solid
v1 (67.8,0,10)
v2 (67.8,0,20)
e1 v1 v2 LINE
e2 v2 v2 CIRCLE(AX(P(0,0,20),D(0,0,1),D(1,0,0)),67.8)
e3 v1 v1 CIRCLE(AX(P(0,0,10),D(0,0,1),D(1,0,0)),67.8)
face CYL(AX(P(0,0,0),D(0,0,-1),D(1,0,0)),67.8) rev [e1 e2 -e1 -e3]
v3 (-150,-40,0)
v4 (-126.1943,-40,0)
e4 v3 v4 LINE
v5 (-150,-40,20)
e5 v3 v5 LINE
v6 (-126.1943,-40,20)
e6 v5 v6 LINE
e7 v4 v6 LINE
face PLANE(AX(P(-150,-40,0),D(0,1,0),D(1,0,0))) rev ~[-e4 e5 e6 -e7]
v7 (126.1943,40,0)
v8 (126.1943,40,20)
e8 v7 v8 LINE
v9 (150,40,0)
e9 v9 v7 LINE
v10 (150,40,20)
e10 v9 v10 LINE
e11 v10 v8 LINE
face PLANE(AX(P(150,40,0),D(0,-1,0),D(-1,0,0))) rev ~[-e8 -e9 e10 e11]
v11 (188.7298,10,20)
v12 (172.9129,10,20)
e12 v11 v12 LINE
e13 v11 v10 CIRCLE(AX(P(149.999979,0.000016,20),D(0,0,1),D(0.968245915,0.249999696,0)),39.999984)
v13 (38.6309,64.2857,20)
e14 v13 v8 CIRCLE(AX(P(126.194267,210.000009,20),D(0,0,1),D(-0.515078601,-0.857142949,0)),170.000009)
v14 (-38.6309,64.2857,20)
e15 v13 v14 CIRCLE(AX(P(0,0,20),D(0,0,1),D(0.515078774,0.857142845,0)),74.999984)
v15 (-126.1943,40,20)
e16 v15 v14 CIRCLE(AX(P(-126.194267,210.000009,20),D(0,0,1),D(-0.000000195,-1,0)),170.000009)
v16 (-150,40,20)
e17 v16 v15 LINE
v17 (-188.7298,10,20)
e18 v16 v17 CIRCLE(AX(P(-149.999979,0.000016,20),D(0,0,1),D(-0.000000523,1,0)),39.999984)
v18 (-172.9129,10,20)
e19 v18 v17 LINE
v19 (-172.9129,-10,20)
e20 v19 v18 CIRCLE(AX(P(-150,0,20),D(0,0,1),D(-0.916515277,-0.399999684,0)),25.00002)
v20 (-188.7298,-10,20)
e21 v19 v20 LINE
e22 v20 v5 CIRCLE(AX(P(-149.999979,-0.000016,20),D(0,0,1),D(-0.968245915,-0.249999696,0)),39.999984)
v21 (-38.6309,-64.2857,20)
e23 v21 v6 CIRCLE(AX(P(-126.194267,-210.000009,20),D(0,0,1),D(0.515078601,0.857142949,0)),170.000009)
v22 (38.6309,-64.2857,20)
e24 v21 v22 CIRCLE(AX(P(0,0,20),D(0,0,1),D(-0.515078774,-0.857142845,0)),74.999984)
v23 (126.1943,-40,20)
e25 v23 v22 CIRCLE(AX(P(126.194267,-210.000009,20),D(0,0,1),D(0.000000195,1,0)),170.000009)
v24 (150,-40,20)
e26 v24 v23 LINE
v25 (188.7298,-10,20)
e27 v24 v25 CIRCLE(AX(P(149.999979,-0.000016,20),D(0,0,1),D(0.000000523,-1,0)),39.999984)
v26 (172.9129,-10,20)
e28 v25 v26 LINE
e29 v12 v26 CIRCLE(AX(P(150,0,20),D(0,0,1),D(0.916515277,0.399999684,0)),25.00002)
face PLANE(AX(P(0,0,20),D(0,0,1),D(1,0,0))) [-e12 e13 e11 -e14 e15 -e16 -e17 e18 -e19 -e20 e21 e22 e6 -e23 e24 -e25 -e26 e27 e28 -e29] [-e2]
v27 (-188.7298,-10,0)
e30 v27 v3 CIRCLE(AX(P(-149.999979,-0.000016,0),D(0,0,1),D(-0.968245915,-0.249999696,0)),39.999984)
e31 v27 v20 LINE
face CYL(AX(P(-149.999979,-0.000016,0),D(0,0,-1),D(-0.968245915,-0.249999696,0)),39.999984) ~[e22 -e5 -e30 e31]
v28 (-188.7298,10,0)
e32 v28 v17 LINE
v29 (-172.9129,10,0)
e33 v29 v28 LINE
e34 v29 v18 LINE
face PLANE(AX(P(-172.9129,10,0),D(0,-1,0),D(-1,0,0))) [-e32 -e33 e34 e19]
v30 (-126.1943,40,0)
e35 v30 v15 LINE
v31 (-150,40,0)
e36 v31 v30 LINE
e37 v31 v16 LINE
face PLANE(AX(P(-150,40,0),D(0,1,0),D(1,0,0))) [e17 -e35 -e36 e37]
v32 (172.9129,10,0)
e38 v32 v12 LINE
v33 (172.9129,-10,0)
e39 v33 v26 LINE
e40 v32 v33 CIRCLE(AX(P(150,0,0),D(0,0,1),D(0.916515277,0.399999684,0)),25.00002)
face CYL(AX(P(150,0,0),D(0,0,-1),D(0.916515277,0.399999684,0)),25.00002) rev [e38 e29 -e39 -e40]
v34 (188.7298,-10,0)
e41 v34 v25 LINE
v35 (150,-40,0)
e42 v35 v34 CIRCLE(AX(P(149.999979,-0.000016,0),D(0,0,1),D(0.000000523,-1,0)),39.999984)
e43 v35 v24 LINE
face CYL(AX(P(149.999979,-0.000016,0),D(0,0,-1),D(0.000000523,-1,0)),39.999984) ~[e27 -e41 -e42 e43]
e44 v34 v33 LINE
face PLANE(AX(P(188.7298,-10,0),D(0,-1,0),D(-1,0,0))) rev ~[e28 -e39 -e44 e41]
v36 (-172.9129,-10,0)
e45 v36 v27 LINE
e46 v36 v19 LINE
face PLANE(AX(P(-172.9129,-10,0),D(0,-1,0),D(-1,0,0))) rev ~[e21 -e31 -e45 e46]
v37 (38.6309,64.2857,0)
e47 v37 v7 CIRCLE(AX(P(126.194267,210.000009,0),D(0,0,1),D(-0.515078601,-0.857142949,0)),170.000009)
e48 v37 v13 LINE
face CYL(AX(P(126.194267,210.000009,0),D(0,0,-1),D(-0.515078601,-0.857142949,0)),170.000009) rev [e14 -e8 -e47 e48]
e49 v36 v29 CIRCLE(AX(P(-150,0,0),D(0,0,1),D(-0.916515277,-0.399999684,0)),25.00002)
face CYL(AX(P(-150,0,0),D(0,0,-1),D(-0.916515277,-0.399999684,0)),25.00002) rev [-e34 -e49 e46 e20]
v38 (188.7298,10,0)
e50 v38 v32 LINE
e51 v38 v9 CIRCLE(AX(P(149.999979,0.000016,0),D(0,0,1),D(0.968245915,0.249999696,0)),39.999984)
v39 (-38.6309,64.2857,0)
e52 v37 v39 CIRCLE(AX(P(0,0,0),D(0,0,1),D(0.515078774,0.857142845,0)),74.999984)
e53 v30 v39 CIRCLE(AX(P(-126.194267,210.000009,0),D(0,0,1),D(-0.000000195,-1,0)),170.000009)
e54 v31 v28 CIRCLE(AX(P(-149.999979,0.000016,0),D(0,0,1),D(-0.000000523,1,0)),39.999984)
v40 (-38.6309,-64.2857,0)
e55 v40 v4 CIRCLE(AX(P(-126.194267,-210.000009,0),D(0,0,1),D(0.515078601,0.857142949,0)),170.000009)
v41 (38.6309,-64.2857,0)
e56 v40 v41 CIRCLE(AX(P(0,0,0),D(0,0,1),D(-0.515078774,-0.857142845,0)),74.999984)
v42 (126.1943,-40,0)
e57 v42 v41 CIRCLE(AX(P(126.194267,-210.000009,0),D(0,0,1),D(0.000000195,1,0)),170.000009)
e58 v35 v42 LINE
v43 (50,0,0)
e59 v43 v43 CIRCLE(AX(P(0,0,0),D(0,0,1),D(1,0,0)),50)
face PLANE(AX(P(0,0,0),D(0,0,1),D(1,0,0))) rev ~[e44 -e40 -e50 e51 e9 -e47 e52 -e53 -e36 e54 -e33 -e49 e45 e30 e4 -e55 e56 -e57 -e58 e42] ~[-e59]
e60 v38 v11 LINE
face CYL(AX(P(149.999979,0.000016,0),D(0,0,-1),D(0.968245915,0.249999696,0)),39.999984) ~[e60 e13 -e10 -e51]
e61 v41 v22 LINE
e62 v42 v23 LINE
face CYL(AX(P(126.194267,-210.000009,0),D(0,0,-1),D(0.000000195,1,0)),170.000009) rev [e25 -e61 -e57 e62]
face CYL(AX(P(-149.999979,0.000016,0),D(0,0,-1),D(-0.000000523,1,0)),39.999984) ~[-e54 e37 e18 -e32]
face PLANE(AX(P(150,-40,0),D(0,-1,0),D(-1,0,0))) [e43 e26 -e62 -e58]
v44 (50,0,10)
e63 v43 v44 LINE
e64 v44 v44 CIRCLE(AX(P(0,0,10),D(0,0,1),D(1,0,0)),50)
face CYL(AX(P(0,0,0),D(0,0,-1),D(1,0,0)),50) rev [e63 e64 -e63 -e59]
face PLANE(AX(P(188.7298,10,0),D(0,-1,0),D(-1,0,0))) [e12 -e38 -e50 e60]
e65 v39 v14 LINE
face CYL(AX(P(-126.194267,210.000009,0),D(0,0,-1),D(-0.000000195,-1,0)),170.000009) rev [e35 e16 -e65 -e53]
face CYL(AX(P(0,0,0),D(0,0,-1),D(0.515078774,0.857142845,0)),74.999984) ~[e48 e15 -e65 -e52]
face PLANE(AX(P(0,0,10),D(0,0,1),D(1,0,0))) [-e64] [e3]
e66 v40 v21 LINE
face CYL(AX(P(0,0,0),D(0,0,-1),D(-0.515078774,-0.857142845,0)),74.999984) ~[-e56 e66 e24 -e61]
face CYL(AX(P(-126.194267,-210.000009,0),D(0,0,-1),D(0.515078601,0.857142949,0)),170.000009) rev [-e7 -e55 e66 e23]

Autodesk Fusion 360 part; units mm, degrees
sketch "Sketch1" plane through (0, 0, 0) normal (0, 0, 1) x (1, 0, 0)
  circle A0 centre (0, 0) radius 67.8
  circle A1 centre (0, 0) radius 50
  line L0 (-150, 40) -> (-126.1943, 40)
  line L1 (-150, -40) -> (-126.1943, -40)
  line L2 (150, 40) -> (126.1943, 40)
  line L3 (150, -40) -> (126.1943, -40)
  arc A2 (-38.6309, -64.2857) -> (38.6309, -64.2857) centre (0, 0) ccw
  arc A3 (38.6309, 64.2857) -> (-38.6309, 64.2857) centre (0, 0) ccw
  line L4 (-172.9129, 10) -> (-188.7298, 10)
  line L5 (-172.9129, -10) -> (-188.7298, -10)
  arc A4 (-172.9129, -10) -> (-172.9129, 10) centre (-150, 0) ccw
  arc A5 (-150, 40) -> (-188.7298, 10) centre (-150, 0) ccw
  arc A6 (-188.7298, -10) -> (-150, -40) centre (-150, 0) ccw
  line L6 (188.7298, 10) -> (172.9129, 10)
  line L7 (188.7298, -10) -> (172.9129, -10)
  arc A7 (172.9129, 10) -> (172.9129, -10) centre (150, 0) ccw
  arc A8 (150, -40) -> (188.7298, -10) centre (150, 0) ccw
  arc A9 (188.7298, 10) -> (150, 40) centre (150, 0) ccw
  arc A10 (-126.1943, 40) -> (-38.6309, 64.2857) centre (-126.1943, 210) ccw
  arc A11 (-38.6309, -64.2857) -> (-126.1943, -40) centre (-126.1943, -210) ccw
  arc A12 (38.6309, 64.2857) -> (126.1943, 40) centre (126.1943, 210) ccw
  arc A13 (126.1943, -40) -> (38.6309, -64.2857) centre (126.1943, -210) ccw
  dimension "d1" = 135.6
  dimension "d2" = 100
  dimension "d3" = 50
  dimension "d4" = 50
  dimension "d5" = 150
  dimension "d6" = 150
  dimension "d7" = 150
  dimension "d8" = 80
  dimension "d9" = 80
  dimension "d16" = 170
  dimension "d17" = 170
  dimension "d18" = 170
extrude "Extrude1" add sketch "Sketch1" along normal blind 20 contours L0 L1 L2 L3 A2 A3 L4 L5 A4 A5 A6 L6 L7 A7 A8 A9 A10 A11 A12 A13
extrude "Extrude2" add sketch "Sketch1" along normal blind 10 contours A0
